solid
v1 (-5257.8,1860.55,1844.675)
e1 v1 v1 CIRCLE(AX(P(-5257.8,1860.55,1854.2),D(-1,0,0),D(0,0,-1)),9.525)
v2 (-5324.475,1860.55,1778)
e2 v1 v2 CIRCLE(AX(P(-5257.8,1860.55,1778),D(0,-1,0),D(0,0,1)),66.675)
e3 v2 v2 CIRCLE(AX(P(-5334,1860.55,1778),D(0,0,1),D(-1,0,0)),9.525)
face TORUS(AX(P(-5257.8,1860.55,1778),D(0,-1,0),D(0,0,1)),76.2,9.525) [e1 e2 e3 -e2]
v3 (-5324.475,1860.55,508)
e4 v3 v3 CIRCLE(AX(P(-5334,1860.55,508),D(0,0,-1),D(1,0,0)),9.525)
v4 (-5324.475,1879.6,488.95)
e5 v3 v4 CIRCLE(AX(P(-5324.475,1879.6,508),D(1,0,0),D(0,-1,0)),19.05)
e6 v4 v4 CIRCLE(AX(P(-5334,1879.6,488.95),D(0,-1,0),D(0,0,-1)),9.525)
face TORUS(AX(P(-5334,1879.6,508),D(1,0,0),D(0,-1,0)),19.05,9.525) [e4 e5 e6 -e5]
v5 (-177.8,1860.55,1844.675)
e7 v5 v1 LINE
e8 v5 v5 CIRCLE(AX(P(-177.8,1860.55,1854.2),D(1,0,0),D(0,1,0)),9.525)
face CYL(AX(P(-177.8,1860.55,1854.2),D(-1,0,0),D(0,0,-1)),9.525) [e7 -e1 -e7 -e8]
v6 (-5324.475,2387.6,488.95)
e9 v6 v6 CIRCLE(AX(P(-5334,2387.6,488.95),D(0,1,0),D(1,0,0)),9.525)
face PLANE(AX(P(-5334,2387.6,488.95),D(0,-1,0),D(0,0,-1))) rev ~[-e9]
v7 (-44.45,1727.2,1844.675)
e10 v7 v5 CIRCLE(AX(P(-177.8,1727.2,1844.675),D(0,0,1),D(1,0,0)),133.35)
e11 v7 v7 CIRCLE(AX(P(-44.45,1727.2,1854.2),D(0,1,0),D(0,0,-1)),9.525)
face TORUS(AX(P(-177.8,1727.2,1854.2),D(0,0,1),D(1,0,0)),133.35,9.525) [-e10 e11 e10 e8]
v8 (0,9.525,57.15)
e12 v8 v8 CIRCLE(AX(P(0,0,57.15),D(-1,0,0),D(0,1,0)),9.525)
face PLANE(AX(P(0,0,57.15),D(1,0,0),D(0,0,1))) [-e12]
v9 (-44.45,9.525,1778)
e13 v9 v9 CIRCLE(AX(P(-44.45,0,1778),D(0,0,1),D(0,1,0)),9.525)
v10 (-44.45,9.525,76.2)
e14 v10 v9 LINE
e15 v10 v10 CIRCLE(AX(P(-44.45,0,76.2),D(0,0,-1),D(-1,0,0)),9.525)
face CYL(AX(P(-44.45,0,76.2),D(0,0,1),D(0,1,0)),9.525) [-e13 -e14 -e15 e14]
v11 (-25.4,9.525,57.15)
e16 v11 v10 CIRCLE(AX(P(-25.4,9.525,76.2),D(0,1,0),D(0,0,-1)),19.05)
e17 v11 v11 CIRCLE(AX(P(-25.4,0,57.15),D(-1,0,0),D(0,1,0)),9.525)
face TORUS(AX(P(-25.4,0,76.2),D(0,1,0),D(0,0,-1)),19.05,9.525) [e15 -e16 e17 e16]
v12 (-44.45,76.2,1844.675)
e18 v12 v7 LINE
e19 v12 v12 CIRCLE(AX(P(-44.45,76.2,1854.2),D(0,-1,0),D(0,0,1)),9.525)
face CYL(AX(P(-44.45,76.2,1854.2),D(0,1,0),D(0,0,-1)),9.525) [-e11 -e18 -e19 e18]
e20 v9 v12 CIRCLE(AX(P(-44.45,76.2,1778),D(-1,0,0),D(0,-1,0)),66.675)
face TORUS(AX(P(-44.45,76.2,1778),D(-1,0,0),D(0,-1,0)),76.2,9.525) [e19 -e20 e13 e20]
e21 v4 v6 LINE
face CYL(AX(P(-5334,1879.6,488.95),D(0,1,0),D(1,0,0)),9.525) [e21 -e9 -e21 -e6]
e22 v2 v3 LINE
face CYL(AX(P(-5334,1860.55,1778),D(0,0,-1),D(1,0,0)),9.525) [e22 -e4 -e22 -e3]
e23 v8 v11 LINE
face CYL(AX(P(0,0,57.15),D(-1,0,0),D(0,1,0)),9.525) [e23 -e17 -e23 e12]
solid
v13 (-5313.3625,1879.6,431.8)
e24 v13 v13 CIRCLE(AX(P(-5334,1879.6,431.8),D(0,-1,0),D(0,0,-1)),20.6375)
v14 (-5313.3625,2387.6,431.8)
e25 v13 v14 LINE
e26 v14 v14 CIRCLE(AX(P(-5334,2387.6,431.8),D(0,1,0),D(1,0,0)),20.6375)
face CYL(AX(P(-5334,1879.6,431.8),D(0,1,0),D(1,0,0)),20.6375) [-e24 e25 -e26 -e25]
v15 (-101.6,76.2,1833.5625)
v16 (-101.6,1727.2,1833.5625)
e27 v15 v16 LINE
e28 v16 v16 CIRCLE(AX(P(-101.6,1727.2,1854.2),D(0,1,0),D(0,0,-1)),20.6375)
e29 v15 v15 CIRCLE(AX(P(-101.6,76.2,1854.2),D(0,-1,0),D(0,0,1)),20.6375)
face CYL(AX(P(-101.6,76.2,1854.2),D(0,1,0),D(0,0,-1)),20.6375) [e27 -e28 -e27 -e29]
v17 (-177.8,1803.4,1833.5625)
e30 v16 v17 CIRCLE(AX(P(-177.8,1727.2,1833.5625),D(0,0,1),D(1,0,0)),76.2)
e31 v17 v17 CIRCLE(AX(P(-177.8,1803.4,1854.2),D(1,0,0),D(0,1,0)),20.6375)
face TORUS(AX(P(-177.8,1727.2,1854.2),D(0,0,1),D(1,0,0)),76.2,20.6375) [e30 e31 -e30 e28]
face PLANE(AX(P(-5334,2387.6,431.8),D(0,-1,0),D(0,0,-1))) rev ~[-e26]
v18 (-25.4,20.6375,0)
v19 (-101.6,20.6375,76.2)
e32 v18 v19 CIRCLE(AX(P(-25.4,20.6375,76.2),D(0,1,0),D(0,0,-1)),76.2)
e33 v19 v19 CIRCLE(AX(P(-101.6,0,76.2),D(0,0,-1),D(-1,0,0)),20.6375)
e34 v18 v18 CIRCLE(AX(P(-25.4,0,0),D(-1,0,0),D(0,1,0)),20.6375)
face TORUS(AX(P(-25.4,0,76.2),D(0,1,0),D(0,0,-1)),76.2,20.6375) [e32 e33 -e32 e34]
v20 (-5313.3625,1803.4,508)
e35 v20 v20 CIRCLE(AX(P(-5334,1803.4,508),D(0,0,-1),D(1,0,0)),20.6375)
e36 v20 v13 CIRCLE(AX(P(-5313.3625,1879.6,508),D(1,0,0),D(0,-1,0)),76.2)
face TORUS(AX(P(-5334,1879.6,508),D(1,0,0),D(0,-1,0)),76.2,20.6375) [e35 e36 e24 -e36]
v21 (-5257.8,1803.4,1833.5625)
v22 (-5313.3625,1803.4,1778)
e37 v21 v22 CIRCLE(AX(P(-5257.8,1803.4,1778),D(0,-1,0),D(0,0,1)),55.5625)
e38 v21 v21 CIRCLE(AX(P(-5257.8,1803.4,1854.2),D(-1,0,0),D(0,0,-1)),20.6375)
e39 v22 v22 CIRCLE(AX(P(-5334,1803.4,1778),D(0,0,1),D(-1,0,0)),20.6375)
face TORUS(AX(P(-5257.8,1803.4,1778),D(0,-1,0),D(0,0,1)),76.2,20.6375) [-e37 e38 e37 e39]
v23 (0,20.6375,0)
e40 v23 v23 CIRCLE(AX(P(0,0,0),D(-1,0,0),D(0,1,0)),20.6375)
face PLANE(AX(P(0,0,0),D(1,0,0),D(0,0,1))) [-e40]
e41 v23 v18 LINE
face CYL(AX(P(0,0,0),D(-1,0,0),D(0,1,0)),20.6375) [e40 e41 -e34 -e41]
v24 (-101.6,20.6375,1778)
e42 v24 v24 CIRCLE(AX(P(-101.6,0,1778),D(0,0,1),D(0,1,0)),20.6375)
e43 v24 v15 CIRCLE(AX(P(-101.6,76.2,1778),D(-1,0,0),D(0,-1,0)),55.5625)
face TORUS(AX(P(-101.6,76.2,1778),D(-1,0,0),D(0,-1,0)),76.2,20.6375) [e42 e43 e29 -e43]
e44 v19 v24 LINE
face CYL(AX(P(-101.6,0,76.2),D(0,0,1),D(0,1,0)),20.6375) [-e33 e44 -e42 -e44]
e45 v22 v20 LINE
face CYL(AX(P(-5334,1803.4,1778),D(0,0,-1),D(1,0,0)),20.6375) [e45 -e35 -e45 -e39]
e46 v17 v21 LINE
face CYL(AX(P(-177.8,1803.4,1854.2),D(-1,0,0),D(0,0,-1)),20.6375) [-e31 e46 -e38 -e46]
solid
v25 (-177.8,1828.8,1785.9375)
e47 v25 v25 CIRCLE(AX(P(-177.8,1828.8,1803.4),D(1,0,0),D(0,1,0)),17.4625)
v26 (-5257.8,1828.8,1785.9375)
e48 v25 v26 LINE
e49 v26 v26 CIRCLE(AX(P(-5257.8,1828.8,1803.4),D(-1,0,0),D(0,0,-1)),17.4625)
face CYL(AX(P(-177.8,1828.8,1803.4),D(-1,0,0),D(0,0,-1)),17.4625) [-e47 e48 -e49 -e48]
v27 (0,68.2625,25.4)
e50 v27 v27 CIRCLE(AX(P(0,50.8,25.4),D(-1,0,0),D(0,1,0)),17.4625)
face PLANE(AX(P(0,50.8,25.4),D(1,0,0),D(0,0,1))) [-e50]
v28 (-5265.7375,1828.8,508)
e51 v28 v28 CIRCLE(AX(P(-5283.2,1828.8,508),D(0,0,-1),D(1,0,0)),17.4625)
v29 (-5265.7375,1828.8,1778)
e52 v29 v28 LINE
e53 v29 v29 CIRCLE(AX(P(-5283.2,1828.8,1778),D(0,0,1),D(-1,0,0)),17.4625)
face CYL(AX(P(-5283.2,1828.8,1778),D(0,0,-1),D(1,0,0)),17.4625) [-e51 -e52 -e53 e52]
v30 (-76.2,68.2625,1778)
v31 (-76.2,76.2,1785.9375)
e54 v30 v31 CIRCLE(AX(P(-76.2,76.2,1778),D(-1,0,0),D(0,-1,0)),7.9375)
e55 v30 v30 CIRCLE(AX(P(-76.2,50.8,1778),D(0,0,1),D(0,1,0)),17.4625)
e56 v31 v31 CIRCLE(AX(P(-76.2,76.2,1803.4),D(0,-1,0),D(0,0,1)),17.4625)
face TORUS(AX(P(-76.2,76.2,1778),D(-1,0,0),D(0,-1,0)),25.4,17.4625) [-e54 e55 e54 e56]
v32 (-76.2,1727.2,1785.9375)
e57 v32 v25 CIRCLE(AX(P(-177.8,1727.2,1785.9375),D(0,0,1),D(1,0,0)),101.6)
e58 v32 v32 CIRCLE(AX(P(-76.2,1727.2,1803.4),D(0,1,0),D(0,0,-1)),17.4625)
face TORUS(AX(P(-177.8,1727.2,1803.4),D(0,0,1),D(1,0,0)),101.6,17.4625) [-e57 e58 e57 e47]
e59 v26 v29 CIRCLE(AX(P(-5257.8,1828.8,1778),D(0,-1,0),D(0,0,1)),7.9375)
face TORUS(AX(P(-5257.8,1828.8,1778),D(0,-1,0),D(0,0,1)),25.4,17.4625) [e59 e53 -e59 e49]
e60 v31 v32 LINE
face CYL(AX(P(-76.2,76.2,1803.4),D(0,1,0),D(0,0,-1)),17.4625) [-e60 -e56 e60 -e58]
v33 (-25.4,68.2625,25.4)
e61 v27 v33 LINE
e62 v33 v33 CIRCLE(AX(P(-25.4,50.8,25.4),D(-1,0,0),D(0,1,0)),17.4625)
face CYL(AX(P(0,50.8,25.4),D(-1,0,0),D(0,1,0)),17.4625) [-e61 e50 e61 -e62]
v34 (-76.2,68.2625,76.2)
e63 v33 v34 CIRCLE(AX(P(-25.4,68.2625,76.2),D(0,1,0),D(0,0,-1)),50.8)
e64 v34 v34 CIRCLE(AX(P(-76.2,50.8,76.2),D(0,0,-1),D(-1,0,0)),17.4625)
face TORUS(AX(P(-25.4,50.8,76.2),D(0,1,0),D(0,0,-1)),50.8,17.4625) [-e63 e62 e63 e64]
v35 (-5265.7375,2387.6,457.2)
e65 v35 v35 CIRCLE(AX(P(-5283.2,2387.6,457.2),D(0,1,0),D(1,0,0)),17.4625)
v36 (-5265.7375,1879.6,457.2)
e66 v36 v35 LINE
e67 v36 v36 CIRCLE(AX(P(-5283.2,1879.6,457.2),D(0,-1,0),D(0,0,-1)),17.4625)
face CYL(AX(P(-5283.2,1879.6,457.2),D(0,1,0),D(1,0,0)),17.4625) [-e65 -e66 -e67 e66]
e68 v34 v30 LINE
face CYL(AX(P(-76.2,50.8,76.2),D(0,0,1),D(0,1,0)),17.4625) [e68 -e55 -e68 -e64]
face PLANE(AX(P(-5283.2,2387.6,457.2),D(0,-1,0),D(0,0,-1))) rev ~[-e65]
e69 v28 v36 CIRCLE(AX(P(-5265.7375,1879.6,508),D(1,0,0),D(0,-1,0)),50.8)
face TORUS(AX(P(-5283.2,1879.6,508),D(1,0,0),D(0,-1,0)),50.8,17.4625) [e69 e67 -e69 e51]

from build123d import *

# Parameters (mm, degrees)
F0_R   = 20.6375
F0_R_2 = 9.525
F0_R_3 = 17.4625


with BuildPart() as f10:
    # F10: sweep along a path in F1, F3, F5, F7, F9
    with BuildLine(Plane.XZ) as f10_path:
        Line((0, 0), (-25.4, 0))
        ThreePointArc((-25.4, 0), (-79.2815367264, 22.3184632736), (-101.6, 76.2))
        Line((-101.6, 76.2), (-101.6, 1778))
    with BuildLine(Plane.YZ.offset(-101.6)) as f10_path_2:
        ThreePointArc((0, 1778), (22.3184632736, 1831.8815367264), (76.2, 1854.2))
        Line((76.2, 1854.2), (1727.2, 1854.2))
    with BuildLine(Plane.XY.offset(1854.2)) as f10_path_3:
        ThreePointArc((-101.6, 1727.2), (-123.9184632736, 1781.0815367264), (-177.8, 1803.4))
        Line((-177.8, 1803.4), (-5257.8, 1803.4))
    with BuildLine(Plane.XZ.offset(-1803.4)) as f10_path_4:
        ThreePointArc((-5257.8, 1854.2), (-5311.6815367264, 1831.8815367264), (-5334, 1778))
        Line((-5334, 1778), (-5334, 508))
    with BuildLine(Plane.YZ.offset(-5334)) as f10_path_5:
        ThreePointArc((1803.4, 508), (1825.7184632736, 454.1184632736), (1879.6, 431.8))
        Line((1879.6, 431.8), (2387.6, 431.8))
    # F0 (on Right) → F10 (sweep)
    with BuildSketch(Plane.YZ):
        Circle(F0_R)
        with Locations((0, 57.15)):
            Circle(F0_R_2)
        with Locations((50.8, 25.4)):
            Circle(F0_R_3)
    sweep(path=f10_path.line + f10_path_2.line + f10_path_3.line + f10_path_4.line + f10_path_5.line)


solid = f10.part
